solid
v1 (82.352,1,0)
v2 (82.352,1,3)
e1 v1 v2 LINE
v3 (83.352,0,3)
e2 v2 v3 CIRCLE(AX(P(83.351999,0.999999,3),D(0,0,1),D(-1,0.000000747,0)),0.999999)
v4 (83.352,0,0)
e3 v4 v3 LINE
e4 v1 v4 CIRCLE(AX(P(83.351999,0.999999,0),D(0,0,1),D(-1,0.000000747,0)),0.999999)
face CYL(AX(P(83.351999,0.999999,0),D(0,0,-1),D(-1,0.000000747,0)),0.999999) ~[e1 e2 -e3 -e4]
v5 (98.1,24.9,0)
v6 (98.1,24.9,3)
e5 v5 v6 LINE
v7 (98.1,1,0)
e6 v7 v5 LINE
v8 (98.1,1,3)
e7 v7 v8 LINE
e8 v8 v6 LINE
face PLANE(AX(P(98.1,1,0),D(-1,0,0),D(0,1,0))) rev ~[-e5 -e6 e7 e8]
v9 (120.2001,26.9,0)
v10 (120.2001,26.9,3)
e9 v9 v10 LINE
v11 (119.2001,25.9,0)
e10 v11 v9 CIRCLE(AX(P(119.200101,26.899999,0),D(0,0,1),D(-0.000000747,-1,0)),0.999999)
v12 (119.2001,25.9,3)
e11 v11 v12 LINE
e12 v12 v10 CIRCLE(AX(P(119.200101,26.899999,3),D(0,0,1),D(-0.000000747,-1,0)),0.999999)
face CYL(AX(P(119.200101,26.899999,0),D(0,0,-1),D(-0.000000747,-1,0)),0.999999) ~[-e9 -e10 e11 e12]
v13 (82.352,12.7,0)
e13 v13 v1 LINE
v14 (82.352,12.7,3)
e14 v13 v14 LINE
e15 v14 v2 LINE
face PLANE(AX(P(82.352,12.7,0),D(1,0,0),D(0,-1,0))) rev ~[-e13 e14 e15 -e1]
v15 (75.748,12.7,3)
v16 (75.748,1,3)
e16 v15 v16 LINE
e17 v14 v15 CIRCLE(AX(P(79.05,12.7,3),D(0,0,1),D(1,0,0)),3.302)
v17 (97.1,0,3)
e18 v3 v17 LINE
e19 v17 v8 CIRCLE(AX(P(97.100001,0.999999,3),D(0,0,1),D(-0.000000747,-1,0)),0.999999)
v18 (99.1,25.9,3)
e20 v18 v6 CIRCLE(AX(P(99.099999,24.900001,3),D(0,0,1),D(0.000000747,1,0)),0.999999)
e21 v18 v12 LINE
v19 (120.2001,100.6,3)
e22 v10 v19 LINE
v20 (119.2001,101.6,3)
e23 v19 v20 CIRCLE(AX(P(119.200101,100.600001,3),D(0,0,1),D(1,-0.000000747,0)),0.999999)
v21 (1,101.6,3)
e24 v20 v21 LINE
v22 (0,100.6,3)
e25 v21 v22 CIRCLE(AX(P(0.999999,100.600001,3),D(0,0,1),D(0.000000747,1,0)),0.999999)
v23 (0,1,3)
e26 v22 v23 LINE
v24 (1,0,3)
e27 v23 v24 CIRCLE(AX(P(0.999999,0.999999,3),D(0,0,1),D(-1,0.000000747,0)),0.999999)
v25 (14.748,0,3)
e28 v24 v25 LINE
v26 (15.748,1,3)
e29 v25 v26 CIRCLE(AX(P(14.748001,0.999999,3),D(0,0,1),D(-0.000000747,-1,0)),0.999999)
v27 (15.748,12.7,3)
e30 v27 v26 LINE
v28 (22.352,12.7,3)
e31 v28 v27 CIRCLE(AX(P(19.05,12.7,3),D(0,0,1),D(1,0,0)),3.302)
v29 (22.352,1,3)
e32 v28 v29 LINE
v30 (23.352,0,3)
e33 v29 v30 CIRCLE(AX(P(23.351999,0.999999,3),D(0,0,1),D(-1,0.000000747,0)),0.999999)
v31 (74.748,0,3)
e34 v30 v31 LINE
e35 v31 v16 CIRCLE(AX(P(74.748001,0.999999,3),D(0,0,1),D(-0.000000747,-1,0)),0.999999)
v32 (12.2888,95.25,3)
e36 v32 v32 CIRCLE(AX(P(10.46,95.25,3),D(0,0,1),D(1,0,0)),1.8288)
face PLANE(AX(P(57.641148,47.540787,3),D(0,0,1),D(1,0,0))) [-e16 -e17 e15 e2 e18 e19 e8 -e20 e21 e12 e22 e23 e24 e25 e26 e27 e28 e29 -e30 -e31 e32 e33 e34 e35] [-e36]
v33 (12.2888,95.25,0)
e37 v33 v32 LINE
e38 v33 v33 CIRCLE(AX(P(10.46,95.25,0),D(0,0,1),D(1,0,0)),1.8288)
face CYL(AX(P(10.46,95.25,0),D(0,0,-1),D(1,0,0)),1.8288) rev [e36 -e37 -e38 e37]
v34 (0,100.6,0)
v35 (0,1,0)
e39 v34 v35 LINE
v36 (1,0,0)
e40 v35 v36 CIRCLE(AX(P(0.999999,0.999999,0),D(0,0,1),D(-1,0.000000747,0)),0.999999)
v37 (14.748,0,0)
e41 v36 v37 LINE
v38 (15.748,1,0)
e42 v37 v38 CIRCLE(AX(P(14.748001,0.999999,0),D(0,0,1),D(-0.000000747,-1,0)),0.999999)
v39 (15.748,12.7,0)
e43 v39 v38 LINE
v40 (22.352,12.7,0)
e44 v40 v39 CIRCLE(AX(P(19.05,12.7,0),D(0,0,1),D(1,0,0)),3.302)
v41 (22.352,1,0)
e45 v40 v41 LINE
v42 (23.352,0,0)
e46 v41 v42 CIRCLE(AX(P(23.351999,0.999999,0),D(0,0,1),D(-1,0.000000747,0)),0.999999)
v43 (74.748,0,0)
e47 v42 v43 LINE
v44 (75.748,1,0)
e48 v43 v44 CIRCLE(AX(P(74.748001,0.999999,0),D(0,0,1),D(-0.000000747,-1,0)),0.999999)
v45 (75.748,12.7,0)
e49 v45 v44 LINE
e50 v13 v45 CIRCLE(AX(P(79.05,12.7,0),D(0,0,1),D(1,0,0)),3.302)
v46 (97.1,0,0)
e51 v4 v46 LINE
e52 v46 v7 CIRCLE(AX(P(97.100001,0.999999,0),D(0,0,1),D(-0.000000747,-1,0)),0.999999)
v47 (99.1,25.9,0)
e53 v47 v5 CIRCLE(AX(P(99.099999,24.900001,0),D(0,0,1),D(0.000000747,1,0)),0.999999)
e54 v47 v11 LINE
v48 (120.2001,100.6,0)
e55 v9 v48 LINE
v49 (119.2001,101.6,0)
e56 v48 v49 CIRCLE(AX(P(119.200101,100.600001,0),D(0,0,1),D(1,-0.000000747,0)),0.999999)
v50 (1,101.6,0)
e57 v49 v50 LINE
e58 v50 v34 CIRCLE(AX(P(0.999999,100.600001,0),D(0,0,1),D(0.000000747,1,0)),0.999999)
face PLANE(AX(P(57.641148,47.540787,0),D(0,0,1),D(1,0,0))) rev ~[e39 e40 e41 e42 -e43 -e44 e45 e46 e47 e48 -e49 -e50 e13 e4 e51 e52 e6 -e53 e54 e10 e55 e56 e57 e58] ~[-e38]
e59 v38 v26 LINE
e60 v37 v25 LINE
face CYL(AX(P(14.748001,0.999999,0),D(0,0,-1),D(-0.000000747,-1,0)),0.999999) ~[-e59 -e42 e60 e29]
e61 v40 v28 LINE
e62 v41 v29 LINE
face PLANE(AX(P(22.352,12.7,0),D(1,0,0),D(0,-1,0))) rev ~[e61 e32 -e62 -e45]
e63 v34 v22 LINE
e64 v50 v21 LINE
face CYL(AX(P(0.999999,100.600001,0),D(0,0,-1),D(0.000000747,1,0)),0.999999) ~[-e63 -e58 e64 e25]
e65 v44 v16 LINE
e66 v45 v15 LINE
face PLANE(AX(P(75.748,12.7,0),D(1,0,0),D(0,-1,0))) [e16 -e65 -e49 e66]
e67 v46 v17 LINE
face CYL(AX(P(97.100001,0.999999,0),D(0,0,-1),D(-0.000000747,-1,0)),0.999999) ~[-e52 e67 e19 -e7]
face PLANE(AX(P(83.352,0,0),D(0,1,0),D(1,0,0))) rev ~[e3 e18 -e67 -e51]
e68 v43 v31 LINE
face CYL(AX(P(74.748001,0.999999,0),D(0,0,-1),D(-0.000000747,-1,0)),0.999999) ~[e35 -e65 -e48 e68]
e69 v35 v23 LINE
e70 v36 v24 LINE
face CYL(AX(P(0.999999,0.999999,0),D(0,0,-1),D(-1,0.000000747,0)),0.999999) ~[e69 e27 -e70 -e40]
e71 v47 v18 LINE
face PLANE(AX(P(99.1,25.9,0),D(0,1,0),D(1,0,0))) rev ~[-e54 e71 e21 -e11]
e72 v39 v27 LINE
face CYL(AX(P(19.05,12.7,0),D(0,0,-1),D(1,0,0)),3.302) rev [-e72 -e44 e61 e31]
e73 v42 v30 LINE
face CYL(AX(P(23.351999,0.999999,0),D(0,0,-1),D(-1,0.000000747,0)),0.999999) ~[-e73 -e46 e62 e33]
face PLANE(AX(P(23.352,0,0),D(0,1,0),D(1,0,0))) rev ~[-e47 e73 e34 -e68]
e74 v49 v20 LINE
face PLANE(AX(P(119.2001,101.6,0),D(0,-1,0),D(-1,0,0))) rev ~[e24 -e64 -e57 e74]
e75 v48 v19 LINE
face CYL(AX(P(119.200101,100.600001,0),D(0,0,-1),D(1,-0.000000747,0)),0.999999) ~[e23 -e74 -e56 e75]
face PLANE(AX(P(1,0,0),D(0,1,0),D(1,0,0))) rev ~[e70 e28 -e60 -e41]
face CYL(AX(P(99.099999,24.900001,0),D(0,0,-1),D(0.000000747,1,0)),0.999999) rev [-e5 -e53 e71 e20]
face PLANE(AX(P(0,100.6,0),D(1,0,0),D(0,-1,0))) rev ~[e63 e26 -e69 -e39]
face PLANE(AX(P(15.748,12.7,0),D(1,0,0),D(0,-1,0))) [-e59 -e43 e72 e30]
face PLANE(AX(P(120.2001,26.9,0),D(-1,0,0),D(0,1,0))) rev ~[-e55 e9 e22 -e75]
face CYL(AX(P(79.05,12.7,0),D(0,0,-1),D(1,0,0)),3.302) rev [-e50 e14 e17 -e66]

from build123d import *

# Parameters (mm, degrees)
SKETCH_R  = 1.8288
PAD_DEPTH = 3


with BuildPart() as part:
    # Sketch → Pad (new body)
    with BuildSketch(Plane.XY):
        with BuildLine():
            Line((0, 100.6), (0, 1))
            ThreePointArc((0, 1), (0.292893, 0.292893), (1, 0))
            Line((1, 0), (14.748, 0))
            ThreePointArc((14.748, 0), (15.455107, 0.292893), (15.748, 1))
            Line((15.748, 12.7), (15.748, 1))
            ThreePointArc((22.352, 12.7), (19.05, 16.002), (15.748, 12.7))
            Line((22.352, 12.7), (22.352, 1))
            ThreePointArc((22.352, 1), (22.644893, 0.292893), (23.352, 0))
            Line((23.352, 0), (74.748, 0))
            ThreePointArc((74.748, 0), (75.455107, 0.292893), (75.748, 1))
            Line((75.748, 12.7), (75.748, 1))
            ThreePointArc((82.352, 12.7), (79.05, 16.002), (75.748, 12.7))
            Line((82.352, 12.7), (82.352, 1))
            ThreePointArc((82.352, 1), (82.644893, 0.292893), (83.352, 0))
            Line((83.352, 0), (97.1, 0))
            ThreePointArc((97.1, 0), (97.807107, 0.292893), (98.1, 1))
            Line((98.1, 1), (98.1, 24.9))
            ThreePointArc((99.1, 25.9), (98.392893, 25.607107), (98.1, 24.9))
            Line((99.1, 25.9), (119.2001, 25.9))
            ThreePointArc((119.2001, 25.9), (119.907207, 26.192893), (120.2001, 26.9))
            Line((120.2001, 26.9), (120.2001, 100.6))
            ThreePointArc((120.2001, 100.6), (119.907207, 101.307107), (119.2001, 101.6))
            Line((119.2001, 101.6), (1, 101.6))
            ThreePointArc((1, 101.6), (0.292893, 101.307107), (0, 100.6))
        make_face()
        with Locations((10.46, 95.25)):
            Circle(SKETCH_R, mode=Mode.SUBTRACT)
    extrude(amount=PAD_DEPTH)


solid = part.part
